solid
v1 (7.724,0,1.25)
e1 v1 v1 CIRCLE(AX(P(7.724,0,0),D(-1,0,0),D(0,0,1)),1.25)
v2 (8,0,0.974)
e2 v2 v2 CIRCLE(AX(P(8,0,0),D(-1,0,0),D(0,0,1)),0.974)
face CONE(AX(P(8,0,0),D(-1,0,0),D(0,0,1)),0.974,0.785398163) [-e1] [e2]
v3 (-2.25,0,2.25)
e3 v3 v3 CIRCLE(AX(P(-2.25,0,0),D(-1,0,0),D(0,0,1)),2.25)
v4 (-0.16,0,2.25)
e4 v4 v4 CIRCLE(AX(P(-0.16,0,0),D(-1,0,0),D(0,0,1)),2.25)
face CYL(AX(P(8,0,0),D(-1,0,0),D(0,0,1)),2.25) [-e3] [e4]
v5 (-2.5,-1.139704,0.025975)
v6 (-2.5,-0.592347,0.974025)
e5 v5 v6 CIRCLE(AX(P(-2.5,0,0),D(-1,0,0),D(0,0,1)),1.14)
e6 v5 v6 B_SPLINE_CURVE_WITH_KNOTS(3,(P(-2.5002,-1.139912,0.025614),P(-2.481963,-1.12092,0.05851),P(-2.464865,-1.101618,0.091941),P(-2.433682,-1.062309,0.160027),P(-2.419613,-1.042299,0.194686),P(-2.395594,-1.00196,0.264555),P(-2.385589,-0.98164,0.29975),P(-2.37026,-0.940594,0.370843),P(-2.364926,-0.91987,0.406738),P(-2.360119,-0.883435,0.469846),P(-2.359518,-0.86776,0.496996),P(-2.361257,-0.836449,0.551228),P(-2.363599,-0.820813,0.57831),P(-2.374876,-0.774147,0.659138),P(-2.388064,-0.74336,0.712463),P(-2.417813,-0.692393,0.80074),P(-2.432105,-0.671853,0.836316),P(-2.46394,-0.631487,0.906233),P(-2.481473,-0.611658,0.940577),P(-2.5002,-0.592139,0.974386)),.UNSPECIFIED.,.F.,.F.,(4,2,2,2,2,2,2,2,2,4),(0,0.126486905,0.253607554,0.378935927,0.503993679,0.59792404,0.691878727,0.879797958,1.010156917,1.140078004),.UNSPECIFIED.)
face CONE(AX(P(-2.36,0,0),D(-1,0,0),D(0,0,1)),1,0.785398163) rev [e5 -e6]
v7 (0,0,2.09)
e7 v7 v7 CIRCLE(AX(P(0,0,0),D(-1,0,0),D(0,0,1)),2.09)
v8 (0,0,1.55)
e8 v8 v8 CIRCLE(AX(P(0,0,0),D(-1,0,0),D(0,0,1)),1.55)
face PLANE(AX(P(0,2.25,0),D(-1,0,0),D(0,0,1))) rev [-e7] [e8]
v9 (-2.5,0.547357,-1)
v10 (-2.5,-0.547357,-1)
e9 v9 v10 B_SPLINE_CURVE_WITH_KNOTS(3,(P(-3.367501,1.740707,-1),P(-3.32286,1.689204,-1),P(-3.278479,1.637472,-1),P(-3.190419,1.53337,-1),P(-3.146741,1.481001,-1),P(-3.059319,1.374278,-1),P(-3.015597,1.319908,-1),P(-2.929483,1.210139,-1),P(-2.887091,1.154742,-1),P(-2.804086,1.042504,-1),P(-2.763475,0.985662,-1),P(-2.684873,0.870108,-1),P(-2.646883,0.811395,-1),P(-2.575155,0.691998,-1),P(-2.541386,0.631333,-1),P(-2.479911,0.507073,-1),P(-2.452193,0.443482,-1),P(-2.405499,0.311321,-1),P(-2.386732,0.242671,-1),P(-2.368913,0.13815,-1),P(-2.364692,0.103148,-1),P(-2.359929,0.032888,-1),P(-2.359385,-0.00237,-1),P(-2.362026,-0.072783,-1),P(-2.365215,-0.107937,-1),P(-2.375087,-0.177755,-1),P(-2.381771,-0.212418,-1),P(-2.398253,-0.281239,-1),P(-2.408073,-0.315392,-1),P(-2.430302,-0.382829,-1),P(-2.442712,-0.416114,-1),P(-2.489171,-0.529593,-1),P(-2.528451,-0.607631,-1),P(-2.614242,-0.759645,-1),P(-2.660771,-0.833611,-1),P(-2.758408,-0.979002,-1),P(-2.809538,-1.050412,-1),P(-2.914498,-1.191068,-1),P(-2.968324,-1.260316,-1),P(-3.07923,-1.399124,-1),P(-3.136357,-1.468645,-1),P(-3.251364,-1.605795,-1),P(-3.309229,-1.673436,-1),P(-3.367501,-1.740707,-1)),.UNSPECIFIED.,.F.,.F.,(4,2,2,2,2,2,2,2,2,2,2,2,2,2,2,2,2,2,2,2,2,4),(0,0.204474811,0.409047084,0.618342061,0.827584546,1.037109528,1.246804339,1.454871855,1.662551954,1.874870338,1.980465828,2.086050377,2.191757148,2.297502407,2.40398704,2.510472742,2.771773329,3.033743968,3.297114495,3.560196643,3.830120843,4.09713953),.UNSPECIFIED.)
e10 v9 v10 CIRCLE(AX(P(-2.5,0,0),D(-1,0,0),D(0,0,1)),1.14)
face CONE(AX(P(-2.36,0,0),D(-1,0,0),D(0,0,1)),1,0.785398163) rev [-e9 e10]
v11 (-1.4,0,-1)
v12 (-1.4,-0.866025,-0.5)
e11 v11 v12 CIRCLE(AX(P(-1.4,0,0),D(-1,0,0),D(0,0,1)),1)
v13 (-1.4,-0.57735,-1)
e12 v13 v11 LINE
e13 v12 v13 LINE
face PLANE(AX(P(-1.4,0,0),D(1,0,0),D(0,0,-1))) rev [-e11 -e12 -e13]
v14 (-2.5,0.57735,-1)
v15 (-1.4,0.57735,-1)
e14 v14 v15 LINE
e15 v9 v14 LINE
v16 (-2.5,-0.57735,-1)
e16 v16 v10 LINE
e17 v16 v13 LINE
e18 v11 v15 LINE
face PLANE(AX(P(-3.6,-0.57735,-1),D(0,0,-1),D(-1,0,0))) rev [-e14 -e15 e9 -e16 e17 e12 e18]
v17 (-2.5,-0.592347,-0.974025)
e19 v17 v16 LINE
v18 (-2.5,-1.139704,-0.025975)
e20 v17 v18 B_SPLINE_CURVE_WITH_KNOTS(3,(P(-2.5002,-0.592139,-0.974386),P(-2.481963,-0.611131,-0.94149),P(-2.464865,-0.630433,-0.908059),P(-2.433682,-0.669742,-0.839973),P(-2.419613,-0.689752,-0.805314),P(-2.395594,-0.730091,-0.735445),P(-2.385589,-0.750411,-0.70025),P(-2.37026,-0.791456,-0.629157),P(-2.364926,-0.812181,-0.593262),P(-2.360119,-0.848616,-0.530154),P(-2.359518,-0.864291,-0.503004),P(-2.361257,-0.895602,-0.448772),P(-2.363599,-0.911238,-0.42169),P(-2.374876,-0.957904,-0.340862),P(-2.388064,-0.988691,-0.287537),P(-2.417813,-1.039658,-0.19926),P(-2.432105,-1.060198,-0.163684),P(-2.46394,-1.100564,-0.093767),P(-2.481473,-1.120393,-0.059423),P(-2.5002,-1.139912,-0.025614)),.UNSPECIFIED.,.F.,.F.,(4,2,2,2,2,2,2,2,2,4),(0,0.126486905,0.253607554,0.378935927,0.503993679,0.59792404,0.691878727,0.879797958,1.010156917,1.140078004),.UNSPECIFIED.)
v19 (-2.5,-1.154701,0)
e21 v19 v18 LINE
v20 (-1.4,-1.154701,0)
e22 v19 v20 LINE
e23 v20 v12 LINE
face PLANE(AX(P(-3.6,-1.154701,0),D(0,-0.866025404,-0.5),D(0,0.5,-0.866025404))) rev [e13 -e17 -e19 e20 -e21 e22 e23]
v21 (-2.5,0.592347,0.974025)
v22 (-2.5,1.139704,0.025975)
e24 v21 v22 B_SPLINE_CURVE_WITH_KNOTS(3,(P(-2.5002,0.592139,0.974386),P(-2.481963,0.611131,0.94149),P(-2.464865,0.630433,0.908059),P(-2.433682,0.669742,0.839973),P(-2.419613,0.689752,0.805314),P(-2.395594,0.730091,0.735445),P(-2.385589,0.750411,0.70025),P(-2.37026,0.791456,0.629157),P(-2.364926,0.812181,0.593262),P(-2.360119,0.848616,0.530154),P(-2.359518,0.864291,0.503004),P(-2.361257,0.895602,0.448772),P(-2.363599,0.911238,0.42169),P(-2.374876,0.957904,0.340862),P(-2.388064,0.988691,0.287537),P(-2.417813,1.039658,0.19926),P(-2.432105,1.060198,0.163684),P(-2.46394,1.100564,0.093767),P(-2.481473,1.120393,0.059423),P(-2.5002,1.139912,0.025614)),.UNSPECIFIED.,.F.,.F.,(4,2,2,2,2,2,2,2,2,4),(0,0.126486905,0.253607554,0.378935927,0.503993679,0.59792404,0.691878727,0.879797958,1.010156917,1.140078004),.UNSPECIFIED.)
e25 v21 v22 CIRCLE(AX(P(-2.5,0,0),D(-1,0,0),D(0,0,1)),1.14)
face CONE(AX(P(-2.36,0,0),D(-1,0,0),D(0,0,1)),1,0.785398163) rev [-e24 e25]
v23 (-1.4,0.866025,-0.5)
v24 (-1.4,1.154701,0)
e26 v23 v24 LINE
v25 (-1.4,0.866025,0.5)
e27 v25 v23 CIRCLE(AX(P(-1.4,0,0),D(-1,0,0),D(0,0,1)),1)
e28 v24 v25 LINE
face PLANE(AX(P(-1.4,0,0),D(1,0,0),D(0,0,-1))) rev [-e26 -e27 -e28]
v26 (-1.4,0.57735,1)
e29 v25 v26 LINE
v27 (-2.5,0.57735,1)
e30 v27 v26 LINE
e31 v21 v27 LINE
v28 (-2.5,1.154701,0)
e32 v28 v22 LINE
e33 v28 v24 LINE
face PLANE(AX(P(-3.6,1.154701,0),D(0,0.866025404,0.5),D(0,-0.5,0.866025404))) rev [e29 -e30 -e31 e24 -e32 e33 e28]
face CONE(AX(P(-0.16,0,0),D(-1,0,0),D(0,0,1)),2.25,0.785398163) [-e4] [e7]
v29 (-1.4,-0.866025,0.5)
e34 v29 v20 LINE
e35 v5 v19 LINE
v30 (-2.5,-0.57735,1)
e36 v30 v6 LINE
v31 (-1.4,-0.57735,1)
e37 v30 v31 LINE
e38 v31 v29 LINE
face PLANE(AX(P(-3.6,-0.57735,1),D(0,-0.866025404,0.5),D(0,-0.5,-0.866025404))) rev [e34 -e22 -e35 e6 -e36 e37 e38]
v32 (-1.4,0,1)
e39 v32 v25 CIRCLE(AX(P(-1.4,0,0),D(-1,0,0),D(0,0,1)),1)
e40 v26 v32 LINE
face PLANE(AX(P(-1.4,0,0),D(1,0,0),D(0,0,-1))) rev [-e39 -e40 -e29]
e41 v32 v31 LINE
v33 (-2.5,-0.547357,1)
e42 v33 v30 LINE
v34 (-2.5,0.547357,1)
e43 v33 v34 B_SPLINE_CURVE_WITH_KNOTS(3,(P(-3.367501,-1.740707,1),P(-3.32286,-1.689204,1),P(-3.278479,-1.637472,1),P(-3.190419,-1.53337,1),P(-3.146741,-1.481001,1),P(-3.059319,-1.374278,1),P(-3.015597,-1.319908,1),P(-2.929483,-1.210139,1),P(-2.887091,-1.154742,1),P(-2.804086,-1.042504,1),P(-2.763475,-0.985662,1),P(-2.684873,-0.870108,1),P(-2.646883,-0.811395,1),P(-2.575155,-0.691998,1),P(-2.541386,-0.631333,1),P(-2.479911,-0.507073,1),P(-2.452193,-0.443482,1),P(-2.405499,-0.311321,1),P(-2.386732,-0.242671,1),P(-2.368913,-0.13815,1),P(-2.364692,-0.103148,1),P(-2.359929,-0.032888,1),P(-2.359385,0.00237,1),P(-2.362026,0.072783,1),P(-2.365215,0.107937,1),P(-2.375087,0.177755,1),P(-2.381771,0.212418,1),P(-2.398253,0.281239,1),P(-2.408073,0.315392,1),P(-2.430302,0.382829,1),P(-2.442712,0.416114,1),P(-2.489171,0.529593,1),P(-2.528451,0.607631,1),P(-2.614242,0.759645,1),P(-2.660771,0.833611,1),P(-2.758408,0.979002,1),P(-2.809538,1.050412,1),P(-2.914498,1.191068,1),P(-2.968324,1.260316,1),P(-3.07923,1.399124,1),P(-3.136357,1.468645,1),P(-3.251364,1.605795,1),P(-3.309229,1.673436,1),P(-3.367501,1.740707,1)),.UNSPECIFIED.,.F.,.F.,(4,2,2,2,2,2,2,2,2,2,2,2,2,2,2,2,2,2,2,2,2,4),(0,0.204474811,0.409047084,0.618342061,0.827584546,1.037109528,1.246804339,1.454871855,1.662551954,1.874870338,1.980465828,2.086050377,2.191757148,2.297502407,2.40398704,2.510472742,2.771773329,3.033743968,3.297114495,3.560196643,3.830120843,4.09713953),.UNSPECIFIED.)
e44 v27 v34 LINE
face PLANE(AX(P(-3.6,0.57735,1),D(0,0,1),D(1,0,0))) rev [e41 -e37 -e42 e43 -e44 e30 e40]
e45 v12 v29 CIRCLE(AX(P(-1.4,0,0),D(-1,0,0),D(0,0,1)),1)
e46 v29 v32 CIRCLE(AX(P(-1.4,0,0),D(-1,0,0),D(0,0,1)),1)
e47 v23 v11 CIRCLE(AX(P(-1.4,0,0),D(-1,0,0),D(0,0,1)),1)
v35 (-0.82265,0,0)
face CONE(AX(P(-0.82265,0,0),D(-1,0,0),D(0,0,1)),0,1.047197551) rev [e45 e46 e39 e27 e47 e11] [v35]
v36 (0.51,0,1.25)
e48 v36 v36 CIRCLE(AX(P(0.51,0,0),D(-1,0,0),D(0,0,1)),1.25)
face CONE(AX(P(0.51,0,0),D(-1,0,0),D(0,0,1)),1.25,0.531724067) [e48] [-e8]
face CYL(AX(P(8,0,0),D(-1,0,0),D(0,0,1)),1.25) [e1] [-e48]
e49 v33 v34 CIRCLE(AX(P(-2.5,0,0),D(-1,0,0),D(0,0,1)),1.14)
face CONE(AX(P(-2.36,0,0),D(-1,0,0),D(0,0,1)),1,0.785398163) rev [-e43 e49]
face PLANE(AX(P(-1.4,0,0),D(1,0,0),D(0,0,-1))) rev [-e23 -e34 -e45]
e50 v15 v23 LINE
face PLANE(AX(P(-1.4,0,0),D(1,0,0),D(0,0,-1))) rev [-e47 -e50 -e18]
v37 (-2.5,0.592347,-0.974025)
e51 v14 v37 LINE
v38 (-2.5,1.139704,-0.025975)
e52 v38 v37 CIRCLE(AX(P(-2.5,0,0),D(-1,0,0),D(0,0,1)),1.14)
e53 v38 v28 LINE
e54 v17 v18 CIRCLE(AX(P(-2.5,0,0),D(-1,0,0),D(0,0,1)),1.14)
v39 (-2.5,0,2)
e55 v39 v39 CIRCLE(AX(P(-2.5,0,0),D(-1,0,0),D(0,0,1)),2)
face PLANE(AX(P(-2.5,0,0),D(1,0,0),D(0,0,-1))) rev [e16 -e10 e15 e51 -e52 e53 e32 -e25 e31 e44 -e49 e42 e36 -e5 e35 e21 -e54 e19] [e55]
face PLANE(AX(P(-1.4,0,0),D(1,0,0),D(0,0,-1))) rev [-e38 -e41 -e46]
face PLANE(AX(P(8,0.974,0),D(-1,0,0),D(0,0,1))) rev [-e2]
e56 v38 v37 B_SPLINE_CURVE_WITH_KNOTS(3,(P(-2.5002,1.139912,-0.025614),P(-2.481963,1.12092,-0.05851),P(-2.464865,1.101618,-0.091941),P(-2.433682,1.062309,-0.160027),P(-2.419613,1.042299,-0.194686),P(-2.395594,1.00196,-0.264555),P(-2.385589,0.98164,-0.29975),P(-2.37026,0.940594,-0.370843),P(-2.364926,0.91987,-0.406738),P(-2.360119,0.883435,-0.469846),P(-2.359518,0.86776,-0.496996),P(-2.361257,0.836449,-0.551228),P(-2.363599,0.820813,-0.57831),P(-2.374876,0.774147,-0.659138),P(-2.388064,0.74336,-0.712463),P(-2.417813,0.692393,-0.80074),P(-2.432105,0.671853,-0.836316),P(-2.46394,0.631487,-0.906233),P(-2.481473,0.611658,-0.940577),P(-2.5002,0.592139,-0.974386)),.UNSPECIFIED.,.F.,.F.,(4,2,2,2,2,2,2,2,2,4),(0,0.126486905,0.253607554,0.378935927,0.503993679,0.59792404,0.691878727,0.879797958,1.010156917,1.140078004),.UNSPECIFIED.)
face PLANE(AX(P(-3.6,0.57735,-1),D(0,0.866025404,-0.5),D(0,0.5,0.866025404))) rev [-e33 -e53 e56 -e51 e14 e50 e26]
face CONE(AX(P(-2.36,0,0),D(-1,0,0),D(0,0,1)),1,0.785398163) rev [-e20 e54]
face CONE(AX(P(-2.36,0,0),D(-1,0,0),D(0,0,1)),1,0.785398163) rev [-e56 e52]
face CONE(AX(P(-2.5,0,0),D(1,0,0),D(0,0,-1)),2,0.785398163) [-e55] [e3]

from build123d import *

# Parameters (mm, degrees)
CUT_EXTRUDE1_DEPTH      = 1.1
CUT_EXTRUDE1_DEPTH_BACK = 1.1


with BuildPart() as part:
    # Sketch1 → Revolve1 (revolve)
    with BuildSketch(Plane.XY):
        Polygon((-2.5, 0), (-2.5, 2.25), (0, 2.25), (0, 1.55), (0.51, 1.25), (7.724, 1.25), (8, 0.974), (8, 0), align=None)
    revolve(axis=Axis((8, 0, 0), (-1, 0, 0)))

    # Sketch2 → Cut-Revolve1 (revolve, cut)
    with BuildSketch(Plane.XY):
        Polygon((-2.5, 2.7), (-2.5, 2), (-2.25, 2.25), (-0.16, 2.25), (0, 2.09), (0, 2.7), align=None)
    revolve(axis=Axis((0, 0, 0), (-1, 0, 0)), mode=Mode.SUBTRACT)

    # Sketch3 → Cut-Revolve2 (revolve, cut)
    with BuildSketch(Plane.XY):
        Polygon((-2.5, 0), (-2.5, 1.14), (-2.36, 1), (-1.4, 1), (-0.822649731, 0), align=None)
    revolve(axis=Axis((-0.822649731, 0, 0), (-1, 0, 0)), mode=Mode.SUBTRACT)

    # Sketch4 → Cut-Extrude1 (cut, two sides: drawn at the far end of the back side and taken through both)
    with BuildSketch(Plane(origin=(-2.5, 0, 0), x_dir=(0, 0, -1), z_dir=(1, 0, 0)).offset(-CUT_EXTRUDE1_DEPTH_BACK)):
        Polygon((-1, -0.577350269), (0, -1.154700538), (1, -0.577350269), (1, 0.577350269), (0, 1.154700538), (-1, 0.577350269), align=None)
    extrude(amount=CUT_EXTRUDE1_DEPTH + CUT_EXTRUDE1_DEPTH_BACK, mode=Mode.SUBTRACT)


solid = part.part
